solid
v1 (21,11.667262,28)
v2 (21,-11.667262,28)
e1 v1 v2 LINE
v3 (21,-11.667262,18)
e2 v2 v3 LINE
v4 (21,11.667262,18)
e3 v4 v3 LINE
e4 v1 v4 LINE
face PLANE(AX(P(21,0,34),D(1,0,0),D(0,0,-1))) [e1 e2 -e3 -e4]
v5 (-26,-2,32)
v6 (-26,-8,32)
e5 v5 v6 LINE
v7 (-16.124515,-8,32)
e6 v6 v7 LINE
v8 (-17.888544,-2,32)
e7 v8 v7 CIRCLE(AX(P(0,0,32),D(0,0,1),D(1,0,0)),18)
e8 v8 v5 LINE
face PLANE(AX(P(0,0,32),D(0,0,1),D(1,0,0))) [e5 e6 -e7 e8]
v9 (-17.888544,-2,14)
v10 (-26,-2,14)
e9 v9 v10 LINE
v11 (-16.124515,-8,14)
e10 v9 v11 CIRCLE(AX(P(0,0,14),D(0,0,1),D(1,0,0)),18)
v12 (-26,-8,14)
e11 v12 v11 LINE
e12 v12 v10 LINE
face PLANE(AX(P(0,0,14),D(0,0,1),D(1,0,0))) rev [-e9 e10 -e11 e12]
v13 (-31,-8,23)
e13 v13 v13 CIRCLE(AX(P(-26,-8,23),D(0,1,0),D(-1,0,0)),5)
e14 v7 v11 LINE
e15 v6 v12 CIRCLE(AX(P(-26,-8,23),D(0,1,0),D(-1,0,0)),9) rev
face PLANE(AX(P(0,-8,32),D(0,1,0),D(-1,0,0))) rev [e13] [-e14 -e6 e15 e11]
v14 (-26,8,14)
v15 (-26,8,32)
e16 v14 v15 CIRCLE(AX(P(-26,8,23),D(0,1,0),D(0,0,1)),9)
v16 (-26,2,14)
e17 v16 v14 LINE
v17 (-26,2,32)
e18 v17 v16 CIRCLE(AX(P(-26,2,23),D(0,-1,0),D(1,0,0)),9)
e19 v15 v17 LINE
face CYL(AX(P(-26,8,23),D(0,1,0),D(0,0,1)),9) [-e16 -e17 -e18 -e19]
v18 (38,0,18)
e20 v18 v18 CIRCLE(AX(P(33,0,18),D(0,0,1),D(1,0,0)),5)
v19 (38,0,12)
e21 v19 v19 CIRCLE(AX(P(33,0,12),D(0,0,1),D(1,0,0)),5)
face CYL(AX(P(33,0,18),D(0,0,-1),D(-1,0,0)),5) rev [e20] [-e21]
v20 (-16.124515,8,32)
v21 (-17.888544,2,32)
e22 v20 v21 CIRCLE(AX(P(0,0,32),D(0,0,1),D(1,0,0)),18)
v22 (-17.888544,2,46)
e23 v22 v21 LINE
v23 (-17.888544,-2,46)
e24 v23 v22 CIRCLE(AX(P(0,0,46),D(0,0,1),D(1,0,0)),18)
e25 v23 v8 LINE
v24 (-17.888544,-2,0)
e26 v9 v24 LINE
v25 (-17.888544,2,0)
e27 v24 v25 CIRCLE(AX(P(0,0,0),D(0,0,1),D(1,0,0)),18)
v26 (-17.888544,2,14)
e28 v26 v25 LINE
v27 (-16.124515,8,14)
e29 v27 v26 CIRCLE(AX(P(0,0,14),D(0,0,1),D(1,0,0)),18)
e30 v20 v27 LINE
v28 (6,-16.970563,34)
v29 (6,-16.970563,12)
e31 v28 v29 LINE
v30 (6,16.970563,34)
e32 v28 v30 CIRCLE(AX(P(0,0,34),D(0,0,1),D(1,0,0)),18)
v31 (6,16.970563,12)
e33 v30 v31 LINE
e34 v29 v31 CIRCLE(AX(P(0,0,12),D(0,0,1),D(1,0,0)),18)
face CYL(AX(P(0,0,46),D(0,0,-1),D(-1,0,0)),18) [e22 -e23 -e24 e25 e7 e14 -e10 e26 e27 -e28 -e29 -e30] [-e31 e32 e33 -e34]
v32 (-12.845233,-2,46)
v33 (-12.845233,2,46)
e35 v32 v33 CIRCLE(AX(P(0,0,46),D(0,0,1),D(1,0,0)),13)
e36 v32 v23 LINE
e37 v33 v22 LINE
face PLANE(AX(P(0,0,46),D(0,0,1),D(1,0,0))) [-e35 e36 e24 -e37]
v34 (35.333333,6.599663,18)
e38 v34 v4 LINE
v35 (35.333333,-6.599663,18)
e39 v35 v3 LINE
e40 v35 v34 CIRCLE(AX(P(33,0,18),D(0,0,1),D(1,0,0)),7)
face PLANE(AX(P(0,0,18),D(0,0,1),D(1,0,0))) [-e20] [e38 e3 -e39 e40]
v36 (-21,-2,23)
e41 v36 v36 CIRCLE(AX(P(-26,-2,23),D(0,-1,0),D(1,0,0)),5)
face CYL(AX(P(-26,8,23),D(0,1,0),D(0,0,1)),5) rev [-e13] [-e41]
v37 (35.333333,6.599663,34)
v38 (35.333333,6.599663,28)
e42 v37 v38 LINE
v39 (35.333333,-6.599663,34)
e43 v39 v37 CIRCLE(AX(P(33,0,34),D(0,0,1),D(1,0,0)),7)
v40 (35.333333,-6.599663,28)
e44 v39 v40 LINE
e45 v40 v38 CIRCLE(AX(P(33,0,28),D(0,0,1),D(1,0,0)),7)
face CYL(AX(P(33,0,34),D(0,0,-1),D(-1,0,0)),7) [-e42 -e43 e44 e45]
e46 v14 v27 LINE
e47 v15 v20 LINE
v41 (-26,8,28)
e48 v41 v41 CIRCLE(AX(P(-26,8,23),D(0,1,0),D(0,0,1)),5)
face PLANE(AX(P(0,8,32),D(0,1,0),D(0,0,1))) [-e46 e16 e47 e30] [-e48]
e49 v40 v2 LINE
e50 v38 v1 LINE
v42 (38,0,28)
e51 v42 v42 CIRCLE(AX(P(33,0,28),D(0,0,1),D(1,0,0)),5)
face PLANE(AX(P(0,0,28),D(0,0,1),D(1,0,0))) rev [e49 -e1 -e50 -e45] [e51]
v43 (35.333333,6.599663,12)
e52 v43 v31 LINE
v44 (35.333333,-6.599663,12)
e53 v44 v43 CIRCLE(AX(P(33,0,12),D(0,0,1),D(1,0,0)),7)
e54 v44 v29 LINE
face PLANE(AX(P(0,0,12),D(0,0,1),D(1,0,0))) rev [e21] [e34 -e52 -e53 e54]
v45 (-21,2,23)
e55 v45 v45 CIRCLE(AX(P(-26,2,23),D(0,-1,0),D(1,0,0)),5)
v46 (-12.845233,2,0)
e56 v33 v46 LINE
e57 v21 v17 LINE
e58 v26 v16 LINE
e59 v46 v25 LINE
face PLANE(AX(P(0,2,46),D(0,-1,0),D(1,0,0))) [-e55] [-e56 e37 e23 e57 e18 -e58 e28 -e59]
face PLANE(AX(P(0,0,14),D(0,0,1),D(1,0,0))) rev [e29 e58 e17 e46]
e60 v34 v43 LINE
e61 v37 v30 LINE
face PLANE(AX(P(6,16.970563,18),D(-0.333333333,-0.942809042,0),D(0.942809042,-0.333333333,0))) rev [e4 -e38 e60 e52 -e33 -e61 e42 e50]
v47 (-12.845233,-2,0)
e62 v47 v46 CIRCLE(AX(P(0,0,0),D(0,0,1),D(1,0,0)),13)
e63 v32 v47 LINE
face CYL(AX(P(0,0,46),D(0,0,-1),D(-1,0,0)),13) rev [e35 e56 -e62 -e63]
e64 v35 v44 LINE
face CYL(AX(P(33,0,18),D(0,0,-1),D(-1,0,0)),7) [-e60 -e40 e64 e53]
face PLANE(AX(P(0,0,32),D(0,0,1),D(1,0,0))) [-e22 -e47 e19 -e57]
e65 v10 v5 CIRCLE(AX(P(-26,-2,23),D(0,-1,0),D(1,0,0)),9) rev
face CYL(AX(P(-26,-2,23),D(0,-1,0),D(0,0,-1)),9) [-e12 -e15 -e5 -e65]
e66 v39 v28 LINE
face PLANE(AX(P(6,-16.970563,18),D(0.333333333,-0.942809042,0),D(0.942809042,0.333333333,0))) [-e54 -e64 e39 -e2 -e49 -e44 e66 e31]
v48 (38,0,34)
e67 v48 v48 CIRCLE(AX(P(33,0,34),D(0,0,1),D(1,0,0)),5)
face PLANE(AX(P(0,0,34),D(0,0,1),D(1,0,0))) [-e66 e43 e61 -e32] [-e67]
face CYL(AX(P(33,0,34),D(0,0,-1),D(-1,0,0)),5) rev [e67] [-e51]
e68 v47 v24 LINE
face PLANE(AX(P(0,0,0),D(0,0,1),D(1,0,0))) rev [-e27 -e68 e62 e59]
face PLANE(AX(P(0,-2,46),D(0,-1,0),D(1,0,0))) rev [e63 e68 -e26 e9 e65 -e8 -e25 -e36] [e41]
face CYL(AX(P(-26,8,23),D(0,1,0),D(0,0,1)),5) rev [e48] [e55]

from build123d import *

# Parameters (mm, degrees)
BOSS_EXTRUDE1_DEPTH = 46
BOSS_EXTRUDE2_START = 12
SKETCH1_3_R         = 5
BOSS_EXTRUDE2_DEPTH = 6
BOSS_EXTRUDE3_START = 28
SKETCH1_4_R         = 5
BOSS_EXTRUDE3_DEPTH = 6
BOSS_EXTRUDE4_START = 14
BOSS_EXTRUDE4_DEPTH = 18
FILLET2_RADIUS      = 9
FILLET2_LENGTH      = 6
FILLET3_RADIUS      = 9
FILLET3_LENGTH      = 6
BOSS_EXTRUDE5_START = 12
BOSS_EXTRUDE5_DEPTH = 22


with BuildPart() as part:
    # Sketch1 → Boss-Extrude1 (new body)
    with BuildSketch(Plane.XY):
        with BuildLine():
            ThreePointArc((-12.845232579, -2), (13, 0), (-12.845232579, 2))
            Line((-12.845232579, 2), (-17.88854382, 2))
            ThreePointArc((-17.88854382, 2), (18, 0), (-17.88854382, -2))
            Line((-17.88854382, -2), (-12.845232579, -2))
        make_face()
    extrude(amount=BOSS_EXTRUDE1_DEPTH)

    # Sketch1<5> → Boss-Extrude4 (add)
    with BuildSketch(Plane.XY.offset(BOSS_EXTRUDE4_START)):
        with BuildLine():
            Line((-35, 2), (-17.88854382, 2))
            ThreePointArc((-17.88854382, 2), (-17.269106839, 5.077198931), (-16.124515497, 8))
            Line((-16.124515497, 8), (-35, 8))
            Line((-35, 8), (-35, 2))
        make_face()
        with BuildLine():
            ThreePointArc((-16.124515497, -8), (-17.269106839, -5.077198931), (-17.88854382, -2))
            Line((-17.88854382, -2), (-35, -2))
            Line((-35, -2), (-35, -8))
            Line((-35, -8), (-16.124515497, -8))
        make_face()
    extrude(amount=BOSS_EXTRUDE4_DEPTH)

    # Fillet2: full round fillet: the end face becomes a half cylinder, R = half its width
    fillet2_face = Plane((-35, 5, 23), x_dir=(0, 1, 0), z_dir=(-1, 0, 0))  # on the end face: x along it, z out of the body
    fillet2_slab = fillet2_face.offset(-FILLET2_RADIUS / 2) * Box(FILLET2_LENGTH, 2 * FILLET2_RADIUS, FILLET2_RADIUS, mode=Mode.PRIVATE)  # the body's end, R deep
    fillet2_round = Plane((-26, 5, 23), x_dir=(-1, 0, 0), z_dir=(0, 1, 0)) * Cylinder(FILLET2_RADIUS, FILLET2_LENGTH, mode=Mode.PRIVATE)  # its axis R under the face
    add(fillet2_slab - fillet2_round, mode=Mode.SUBTRACT)

    # Fillet3: full round fillet: the end face becomes a half cylinder, R = half its width
    fillet3_face = Plane((-35, -5, 23), x_dir=(0, -1, 0), z_dir=(-1, 0, 0))  # on the end face: x along it, z out of the body
    fillet3_slab = fillet3_face.offset(-FILLET3_RADIUS / 2) * Box(FILLET3_LENGTH, 2 * FILLET3_RADIUS, FILLET3_RADIUS, mode=Mode.PRIVATE)  # the body's end, R deep
    fillet3_round = Plane((-26, -5, 23), x_dir=(-1, 0, 0), z_dir=(0, -1, 0)) * Cylinder(FILLET3_RADIUS, FILLET3_LENGTH, mode=Mode.PRIVATE)  # its axis R under the face
    add(fillet3_slab - fillet3_round, mode=Mode.SUBTRACT)

    # Sketch2 → Ø10.0mm Dowel Hole1 (revolve, cut)
    with BuildSketch(Plane(origin=(-26, 8, 23), x_dir=(0, 0, 1), z_dir=(1, 0, 0))):
        Polygon((0, 0), (0, 33.004303095), (5, 30), (5, 0), align=None)
    revolve(axis=Axis((-26, 14.35, 23), (0, -1, 0)), mode=Mode.SUBTRACT)



with BuildPart() as body_2:
    # Sketch1<3> → Boss-Extrude2 (new body)
    with BuildSketch(Plane.XY.offset(BOSS_EXTRUDE2_START)):
        with BuildLine():
            Line((35.333333333, 6.599663291), (21, 11.66726189))
            Line((21, 11.66726189), (21, -11.66726189))
            Line((21, -11.66726189), (35.333333333, -6.599663291))
            ThreePointArc((35.333333333, -6.599663291), (40, 0), (35.333333333, 6.599663291))
        make_face()
        with Locations((33, 0)):
            Circle(SKETCH1_3_R, mode=Mode.SUBTRACT)
    extrude(amount=BOSS_EXTRUDE2_DEPTH)


with BuildPart() as body_3:
    # Sketch1<4> → Boss-Extrude3 (new body)
    with BuildSketch(Plane.XY.offset(BOSS_EXTRUDE3_START)):
        with BuildLine():
            Line((35.333333333, 6.599663291), (21, 11.66726189))
            Line((21, 11.66726189), (21, -11.66726189))
            Line((21, -11.66726189), (35.333333333, -6.599663291))
            ThreePointArc((35.333333333, -6.599663291), (40, 0), (35.333333333, 6.599663291))
        make_face()
        with Locations((33, 0)):
            Circle(SKETCH1_4_R, mode=Mode.SUBTRACT)
    extrude(amount=BOSS_EXTRUDE3_DEPTH)


with BuildPart() as part_1:
    add(part.part)

    add(body_2.part)  # Boss-Extrude5 merges body 2

    add(body_3.part)  # Boss-Extrude5 merges body 3
    # Sketch1<6> → Boss-Extrude5 (add)
    with BuildSketch(Plane.XY.offset(BOSS_EXTRUDE5_START)):
        with BuildLine():
            Line((21, 11.66726189), (6, 16.970562748))
            ThreePointArc((6, 16.970562748), (18, 0), (6, -16.970562748))
            Line((6, -16.970562748), (21, -11.66726189))
            Line((21, -11.66726189), (21, 11.66726189))
        make_face()
    extrude(amount=BOSS_EXTRUDE5_DEPTH)


solid = part_1.part
